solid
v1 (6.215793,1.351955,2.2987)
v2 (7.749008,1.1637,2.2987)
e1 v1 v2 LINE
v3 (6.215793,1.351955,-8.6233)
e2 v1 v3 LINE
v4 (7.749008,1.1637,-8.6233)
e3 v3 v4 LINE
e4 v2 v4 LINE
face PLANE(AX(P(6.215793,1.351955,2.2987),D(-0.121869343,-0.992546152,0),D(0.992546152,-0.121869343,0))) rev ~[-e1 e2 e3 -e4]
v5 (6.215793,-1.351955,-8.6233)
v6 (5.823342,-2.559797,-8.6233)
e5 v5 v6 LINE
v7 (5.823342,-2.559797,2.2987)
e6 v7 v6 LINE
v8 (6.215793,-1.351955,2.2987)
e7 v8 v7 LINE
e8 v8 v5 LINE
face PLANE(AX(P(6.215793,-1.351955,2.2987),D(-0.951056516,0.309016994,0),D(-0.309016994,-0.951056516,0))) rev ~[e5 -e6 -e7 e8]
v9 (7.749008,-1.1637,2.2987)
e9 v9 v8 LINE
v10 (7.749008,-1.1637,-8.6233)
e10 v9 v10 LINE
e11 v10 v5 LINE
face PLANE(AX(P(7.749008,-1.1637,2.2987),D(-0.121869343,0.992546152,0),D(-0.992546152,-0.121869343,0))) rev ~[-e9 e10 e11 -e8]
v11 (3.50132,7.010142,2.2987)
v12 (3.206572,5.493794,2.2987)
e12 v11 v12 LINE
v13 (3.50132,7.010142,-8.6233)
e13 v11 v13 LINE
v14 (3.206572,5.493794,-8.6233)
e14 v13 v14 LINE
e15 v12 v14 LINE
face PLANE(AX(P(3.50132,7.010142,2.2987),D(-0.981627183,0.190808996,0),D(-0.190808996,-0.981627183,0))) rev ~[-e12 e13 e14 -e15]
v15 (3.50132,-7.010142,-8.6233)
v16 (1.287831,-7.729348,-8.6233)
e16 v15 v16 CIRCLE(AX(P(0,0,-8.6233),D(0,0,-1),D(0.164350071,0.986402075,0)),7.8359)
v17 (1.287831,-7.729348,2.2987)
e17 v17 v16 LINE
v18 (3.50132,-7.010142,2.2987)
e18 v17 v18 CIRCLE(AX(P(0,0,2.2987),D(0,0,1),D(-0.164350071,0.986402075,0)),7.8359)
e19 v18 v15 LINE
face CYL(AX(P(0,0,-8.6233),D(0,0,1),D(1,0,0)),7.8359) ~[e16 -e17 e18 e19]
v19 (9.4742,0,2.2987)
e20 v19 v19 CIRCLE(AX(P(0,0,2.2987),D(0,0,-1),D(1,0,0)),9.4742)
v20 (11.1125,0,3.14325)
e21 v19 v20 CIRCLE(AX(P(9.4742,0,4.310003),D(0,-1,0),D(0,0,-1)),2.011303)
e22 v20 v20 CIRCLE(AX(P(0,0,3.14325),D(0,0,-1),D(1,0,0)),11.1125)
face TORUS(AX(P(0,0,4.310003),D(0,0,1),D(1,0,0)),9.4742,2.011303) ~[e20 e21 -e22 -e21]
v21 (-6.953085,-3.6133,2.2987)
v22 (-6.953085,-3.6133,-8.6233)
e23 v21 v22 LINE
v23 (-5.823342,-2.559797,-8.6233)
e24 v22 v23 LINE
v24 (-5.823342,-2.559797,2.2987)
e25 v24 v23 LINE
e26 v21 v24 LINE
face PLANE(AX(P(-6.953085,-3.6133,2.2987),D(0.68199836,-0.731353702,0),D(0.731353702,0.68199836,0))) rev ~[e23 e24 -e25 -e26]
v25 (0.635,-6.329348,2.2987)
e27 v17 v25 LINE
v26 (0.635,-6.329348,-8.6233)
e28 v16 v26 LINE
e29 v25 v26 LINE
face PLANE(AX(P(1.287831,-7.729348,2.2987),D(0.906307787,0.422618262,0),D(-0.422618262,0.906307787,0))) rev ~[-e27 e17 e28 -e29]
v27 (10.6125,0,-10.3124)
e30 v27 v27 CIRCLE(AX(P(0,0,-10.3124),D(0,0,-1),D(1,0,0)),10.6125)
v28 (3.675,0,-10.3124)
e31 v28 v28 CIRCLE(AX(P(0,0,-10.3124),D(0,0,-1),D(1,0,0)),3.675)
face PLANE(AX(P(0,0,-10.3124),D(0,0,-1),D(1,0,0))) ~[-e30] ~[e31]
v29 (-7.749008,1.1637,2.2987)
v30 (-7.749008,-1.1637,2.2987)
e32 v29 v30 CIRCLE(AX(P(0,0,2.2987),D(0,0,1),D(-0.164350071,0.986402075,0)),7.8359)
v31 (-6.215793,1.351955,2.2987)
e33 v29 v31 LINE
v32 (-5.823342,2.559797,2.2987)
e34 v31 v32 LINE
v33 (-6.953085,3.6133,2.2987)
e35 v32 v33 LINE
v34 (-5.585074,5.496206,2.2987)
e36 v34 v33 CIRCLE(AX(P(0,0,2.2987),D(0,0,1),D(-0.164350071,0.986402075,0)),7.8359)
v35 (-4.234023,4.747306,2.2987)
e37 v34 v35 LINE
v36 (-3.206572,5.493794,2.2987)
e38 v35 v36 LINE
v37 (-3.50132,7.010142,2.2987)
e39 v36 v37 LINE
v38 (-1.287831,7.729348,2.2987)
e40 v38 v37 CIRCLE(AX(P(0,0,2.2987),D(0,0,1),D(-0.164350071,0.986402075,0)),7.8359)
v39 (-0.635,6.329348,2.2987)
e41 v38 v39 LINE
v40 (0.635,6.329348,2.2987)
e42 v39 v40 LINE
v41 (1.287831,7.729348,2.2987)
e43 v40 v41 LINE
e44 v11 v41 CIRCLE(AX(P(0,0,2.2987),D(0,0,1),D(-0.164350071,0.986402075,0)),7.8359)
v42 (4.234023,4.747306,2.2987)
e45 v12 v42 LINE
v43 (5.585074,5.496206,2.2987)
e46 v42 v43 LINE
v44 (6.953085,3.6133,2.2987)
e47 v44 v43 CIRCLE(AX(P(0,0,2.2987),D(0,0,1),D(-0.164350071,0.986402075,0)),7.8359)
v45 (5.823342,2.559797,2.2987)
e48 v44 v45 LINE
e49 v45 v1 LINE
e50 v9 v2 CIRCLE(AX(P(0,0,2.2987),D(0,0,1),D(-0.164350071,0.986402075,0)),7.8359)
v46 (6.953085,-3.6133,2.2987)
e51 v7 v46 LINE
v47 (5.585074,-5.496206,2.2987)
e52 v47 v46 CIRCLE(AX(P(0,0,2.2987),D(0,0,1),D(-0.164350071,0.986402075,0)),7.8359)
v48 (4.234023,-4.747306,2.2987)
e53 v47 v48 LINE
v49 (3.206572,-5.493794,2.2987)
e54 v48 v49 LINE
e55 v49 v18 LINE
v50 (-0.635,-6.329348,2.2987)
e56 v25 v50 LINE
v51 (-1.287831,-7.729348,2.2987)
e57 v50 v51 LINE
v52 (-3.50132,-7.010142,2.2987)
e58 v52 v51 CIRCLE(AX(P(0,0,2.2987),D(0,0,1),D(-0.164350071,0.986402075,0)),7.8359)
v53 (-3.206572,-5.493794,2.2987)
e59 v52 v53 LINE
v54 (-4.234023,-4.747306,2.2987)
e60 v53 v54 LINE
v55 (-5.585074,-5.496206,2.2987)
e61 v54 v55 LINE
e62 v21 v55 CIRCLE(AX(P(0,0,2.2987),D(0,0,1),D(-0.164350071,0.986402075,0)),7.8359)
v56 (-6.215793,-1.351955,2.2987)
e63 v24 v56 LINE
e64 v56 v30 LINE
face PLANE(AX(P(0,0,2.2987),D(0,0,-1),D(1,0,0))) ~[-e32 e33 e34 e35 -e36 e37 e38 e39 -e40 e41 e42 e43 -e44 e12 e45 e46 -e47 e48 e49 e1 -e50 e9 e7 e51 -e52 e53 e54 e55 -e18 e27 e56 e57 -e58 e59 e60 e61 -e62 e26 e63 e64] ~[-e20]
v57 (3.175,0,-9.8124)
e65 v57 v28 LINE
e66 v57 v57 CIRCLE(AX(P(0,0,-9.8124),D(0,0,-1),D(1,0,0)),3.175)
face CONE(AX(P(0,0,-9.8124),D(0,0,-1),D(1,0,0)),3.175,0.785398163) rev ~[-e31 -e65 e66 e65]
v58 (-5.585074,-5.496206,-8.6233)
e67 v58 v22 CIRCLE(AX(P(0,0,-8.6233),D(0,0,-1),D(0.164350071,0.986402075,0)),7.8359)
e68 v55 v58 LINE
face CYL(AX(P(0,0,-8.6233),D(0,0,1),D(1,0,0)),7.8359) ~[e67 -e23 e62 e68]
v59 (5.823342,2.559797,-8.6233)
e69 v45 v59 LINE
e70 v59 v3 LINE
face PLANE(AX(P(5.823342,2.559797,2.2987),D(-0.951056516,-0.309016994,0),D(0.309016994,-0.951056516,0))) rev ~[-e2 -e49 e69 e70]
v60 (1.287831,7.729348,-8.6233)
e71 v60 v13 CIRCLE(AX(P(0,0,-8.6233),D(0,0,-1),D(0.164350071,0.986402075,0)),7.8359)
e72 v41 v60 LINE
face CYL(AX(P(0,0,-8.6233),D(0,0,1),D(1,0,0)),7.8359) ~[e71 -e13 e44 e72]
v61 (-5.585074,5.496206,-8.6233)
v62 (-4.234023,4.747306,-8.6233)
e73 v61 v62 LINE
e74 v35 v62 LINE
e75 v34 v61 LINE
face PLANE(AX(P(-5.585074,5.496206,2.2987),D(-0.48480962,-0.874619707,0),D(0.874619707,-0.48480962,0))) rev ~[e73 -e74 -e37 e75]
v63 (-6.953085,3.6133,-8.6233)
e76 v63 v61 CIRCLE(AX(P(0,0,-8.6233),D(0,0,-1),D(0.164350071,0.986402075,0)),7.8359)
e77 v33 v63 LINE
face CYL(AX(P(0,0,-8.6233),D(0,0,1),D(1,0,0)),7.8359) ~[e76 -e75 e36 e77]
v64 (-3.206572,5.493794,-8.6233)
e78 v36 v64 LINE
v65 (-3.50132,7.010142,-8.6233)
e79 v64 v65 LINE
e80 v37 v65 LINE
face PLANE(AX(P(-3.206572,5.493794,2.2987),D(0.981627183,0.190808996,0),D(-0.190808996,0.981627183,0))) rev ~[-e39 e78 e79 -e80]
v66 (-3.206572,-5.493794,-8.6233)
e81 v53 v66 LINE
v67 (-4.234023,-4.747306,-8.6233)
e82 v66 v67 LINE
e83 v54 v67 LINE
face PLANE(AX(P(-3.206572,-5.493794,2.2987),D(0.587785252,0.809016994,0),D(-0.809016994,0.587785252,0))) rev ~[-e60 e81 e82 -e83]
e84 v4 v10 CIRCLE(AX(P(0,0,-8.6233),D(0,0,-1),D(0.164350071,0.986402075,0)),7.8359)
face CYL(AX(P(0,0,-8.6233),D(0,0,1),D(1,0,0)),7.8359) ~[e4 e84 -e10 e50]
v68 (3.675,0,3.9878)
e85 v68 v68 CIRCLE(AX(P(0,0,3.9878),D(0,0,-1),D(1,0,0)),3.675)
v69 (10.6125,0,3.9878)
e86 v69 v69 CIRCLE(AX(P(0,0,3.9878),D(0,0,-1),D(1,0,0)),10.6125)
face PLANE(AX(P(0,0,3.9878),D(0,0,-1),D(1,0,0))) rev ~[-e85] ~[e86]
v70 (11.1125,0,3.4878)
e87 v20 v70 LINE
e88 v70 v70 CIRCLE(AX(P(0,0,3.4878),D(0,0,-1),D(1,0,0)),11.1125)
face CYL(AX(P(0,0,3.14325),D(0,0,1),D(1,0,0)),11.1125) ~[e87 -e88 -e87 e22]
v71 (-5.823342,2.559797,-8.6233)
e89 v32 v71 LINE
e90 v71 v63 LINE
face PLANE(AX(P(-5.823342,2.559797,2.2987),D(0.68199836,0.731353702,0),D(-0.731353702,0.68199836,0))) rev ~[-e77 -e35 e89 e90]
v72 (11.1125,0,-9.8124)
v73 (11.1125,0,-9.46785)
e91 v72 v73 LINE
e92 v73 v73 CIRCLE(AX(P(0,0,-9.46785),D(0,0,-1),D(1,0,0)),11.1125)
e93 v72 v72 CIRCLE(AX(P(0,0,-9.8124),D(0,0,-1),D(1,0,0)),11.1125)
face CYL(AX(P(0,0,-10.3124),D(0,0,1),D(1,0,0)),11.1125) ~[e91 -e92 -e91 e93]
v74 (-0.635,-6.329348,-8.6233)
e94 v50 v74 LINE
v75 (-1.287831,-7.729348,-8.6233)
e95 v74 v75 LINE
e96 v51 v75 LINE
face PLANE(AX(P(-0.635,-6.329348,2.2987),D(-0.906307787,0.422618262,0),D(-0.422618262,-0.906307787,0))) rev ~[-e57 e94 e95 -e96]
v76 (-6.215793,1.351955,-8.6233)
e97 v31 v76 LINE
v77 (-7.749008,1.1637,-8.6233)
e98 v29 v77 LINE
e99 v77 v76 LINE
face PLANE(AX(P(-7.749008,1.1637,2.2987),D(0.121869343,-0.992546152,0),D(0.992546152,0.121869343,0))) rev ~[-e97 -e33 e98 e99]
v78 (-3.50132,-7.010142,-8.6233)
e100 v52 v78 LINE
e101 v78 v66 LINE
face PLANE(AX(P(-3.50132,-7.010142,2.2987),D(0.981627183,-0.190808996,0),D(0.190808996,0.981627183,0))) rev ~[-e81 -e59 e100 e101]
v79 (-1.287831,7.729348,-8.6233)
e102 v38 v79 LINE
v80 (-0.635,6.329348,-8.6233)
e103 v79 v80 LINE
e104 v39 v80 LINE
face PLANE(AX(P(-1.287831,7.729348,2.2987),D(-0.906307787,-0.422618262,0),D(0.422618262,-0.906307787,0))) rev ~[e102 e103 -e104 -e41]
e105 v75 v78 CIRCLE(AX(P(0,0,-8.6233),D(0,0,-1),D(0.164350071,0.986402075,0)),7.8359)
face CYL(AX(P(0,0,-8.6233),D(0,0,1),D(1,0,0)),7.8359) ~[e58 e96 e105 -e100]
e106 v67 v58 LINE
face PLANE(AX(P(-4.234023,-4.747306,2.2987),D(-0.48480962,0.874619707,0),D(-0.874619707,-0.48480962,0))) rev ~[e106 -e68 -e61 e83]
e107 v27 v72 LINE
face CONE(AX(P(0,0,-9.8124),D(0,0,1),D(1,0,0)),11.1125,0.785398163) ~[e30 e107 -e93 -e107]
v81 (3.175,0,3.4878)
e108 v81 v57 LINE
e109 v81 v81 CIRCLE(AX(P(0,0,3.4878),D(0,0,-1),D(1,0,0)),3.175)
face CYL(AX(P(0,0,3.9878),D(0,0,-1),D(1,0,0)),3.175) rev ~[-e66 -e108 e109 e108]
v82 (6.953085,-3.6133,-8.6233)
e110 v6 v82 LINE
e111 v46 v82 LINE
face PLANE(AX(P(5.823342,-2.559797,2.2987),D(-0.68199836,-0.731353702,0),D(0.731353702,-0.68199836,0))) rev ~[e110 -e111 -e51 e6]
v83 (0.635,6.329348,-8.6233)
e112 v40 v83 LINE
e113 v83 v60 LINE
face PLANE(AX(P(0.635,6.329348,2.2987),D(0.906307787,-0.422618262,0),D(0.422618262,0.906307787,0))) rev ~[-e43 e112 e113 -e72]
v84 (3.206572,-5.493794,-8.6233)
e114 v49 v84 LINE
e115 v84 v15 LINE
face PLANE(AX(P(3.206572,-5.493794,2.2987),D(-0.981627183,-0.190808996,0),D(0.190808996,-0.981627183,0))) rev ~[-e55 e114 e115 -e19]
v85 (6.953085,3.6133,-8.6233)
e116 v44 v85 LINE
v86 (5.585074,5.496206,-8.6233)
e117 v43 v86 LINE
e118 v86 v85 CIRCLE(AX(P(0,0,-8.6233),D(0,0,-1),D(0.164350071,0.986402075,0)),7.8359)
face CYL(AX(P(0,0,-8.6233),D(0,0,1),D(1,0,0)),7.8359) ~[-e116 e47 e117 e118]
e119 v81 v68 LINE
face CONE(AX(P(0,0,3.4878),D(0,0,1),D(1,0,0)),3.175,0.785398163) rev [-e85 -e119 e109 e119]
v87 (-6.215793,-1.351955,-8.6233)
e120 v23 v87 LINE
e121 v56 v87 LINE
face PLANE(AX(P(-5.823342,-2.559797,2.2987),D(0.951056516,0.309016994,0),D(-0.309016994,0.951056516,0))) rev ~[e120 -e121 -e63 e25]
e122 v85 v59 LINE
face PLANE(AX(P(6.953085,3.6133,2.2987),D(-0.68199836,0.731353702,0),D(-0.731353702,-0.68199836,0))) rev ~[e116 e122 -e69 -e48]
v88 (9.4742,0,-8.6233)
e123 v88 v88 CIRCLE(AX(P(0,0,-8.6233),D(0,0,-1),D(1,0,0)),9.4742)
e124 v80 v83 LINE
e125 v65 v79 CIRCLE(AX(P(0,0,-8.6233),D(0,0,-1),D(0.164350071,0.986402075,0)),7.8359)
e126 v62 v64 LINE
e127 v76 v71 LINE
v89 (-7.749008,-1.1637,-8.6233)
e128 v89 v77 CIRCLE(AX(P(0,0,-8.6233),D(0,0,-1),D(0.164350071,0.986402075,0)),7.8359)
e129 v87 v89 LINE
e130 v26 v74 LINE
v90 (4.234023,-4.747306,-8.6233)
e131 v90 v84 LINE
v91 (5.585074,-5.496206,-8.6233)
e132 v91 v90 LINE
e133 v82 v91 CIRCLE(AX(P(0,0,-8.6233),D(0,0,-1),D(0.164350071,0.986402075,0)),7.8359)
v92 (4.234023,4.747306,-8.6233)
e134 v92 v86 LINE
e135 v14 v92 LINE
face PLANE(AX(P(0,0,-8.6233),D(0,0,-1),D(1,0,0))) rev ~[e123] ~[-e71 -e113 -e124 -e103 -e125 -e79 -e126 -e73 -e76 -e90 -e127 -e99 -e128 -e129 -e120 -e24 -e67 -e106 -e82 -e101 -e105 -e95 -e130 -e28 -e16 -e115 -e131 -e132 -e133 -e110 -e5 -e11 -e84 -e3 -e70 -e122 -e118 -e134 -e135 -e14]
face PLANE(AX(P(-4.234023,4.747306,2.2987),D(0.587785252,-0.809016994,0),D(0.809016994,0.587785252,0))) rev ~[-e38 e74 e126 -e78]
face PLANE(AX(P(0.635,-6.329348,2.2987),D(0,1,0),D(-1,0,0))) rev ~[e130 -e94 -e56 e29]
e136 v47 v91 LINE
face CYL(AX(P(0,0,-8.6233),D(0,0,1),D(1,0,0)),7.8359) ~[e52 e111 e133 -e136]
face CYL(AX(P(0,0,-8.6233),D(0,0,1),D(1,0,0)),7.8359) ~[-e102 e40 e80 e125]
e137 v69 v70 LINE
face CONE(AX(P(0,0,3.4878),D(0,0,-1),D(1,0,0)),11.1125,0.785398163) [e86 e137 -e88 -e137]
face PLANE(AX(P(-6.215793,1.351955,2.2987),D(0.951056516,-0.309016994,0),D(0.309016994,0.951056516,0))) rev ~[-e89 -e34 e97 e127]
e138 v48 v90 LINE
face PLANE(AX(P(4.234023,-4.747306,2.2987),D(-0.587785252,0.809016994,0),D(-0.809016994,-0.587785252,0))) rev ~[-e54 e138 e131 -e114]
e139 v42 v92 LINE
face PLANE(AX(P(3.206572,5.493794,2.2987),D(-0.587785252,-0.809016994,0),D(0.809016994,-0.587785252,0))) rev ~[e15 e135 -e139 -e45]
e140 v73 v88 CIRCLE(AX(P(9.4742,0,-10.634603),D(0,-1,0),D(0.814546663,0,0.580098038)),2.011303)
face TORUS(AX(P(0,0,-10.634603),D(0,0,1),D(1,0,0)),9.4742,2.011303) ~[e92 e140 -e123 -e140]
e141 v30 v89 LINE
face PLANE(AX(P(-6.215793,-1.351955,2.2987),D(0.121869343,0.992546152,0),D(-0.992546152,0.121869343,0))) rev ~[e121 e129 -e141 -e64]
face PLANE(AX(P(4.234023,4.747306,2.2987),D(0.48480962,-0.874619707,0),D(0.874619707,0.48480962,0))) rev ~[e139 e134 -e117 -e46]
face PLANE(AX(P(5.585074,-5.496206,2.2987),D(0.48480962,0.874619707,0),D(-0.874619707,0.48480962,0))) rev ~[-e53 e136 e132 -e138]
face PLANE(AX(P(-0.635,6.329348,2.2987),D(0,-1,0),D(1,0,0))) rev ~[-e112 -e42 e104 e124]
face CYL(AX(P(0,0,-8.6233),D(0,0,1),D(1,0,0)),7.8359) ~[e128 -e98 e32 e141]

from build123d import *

# Parameters (mm, degrees)
CUT_EXTRUDE1_START = 2.2987
CUT_EXTRUDE1_DEPTH = 10.922
CIRPATTERN1_COUNT  = 10
CHAMFER1_SIZE      = 0.5


with BuildPart() as part:
    # Sketch2 → Revolve1 (revolve)
    with BuildSketch(Plane(origin=(0, 0, 0), x_dir=(0, 0, -1), z_dir=(1, 0, 0)), mode=Mode.PRIVATE) as revolve1_sk:
        with BuildLine():
            Line((-3.9878, 3.175), (10.3124, 3.175))
            Line((10.3124, 3.175), (10.3124, 11.1125))
            Line((10.3124, 11.1125), (9.46785, 11.1125))
            ThreePointArc((9.46785, 11.1125), (8.846862309, 10.395787163), (8.6233, 9.4742))
            Line((8.6233, 9.4742), (8.6233, 7.8359))
            Line((8.6233, 7.8359), (-2.2987, 7.8359))
            Line((-2.2987, 7.8359), (-2.2987, 9.4742))
            ThreePointArc((-2.2987, 9.4742), (-2.522262309, 10.395787163), (-3.14325, 11.1125))
            Line((-3.14325, 11.1125), (-3.9878, 11.1125))
            Line((-3.9878, 11.1125), (-3.9878, 3.175))
        make_face()
    revolve(revolve1_sk.sketch.rotate(Axis((0, 0, 10.3124), (0, 0, -1)), 90), axis=Axis((0, 0, 10.3124), (0, 0, -1)))

    # Sketch3 → Cut-Extrude1 (cut)
    with BuildSketch(Plane.XY.offset(CUT_EXTRUDE1_START)):
        with BuildLine():
            Line((-0.635, 6.329348022), (0.635, 6.329348022))
            Line((0.635, 6.329348022), (1.287830721, 7.729348022))
            ThreePointArc((1.287830721, 7.729348022), (0, 7.8359), (-1.287830721, 7.729348022))
            Line((-1.287830721, 7.729348022), (-0.635, 6.329348022))
        make_face()
    cut_extrude1 = extrude(amount=-CUT_EXTRUDE1_DEPTH, mode=Mode.SUBTRACT)

    # CirPattern1: Cut-Extrude1 ×10 about axis
    cirpattern1_axis = Axis((0, 0, 0), (0, 0, 1))
    for i in range(1, CIRPATTERN1_COUNT):
        add(cut_extrude1.rotate(cirpattern1_axis, i * 360 / CIRPATTERN1_COUNT), mode=Mode.SUBTRACT)

    # Chamfer1
    chamfer1_edges = [part.edges().sort_by_distance(p)[0] for p in [
        (-11.1125, 0, -10.3124),
        (-3.175, 0, -10.3124),
        (-3.175, 0, 3.9878),
        (-11.1125, 0, 3.9878),
    ]]
    chamfer(chamfer1_edges, length=CHAMFER1_SIZE)


solid = part.part
